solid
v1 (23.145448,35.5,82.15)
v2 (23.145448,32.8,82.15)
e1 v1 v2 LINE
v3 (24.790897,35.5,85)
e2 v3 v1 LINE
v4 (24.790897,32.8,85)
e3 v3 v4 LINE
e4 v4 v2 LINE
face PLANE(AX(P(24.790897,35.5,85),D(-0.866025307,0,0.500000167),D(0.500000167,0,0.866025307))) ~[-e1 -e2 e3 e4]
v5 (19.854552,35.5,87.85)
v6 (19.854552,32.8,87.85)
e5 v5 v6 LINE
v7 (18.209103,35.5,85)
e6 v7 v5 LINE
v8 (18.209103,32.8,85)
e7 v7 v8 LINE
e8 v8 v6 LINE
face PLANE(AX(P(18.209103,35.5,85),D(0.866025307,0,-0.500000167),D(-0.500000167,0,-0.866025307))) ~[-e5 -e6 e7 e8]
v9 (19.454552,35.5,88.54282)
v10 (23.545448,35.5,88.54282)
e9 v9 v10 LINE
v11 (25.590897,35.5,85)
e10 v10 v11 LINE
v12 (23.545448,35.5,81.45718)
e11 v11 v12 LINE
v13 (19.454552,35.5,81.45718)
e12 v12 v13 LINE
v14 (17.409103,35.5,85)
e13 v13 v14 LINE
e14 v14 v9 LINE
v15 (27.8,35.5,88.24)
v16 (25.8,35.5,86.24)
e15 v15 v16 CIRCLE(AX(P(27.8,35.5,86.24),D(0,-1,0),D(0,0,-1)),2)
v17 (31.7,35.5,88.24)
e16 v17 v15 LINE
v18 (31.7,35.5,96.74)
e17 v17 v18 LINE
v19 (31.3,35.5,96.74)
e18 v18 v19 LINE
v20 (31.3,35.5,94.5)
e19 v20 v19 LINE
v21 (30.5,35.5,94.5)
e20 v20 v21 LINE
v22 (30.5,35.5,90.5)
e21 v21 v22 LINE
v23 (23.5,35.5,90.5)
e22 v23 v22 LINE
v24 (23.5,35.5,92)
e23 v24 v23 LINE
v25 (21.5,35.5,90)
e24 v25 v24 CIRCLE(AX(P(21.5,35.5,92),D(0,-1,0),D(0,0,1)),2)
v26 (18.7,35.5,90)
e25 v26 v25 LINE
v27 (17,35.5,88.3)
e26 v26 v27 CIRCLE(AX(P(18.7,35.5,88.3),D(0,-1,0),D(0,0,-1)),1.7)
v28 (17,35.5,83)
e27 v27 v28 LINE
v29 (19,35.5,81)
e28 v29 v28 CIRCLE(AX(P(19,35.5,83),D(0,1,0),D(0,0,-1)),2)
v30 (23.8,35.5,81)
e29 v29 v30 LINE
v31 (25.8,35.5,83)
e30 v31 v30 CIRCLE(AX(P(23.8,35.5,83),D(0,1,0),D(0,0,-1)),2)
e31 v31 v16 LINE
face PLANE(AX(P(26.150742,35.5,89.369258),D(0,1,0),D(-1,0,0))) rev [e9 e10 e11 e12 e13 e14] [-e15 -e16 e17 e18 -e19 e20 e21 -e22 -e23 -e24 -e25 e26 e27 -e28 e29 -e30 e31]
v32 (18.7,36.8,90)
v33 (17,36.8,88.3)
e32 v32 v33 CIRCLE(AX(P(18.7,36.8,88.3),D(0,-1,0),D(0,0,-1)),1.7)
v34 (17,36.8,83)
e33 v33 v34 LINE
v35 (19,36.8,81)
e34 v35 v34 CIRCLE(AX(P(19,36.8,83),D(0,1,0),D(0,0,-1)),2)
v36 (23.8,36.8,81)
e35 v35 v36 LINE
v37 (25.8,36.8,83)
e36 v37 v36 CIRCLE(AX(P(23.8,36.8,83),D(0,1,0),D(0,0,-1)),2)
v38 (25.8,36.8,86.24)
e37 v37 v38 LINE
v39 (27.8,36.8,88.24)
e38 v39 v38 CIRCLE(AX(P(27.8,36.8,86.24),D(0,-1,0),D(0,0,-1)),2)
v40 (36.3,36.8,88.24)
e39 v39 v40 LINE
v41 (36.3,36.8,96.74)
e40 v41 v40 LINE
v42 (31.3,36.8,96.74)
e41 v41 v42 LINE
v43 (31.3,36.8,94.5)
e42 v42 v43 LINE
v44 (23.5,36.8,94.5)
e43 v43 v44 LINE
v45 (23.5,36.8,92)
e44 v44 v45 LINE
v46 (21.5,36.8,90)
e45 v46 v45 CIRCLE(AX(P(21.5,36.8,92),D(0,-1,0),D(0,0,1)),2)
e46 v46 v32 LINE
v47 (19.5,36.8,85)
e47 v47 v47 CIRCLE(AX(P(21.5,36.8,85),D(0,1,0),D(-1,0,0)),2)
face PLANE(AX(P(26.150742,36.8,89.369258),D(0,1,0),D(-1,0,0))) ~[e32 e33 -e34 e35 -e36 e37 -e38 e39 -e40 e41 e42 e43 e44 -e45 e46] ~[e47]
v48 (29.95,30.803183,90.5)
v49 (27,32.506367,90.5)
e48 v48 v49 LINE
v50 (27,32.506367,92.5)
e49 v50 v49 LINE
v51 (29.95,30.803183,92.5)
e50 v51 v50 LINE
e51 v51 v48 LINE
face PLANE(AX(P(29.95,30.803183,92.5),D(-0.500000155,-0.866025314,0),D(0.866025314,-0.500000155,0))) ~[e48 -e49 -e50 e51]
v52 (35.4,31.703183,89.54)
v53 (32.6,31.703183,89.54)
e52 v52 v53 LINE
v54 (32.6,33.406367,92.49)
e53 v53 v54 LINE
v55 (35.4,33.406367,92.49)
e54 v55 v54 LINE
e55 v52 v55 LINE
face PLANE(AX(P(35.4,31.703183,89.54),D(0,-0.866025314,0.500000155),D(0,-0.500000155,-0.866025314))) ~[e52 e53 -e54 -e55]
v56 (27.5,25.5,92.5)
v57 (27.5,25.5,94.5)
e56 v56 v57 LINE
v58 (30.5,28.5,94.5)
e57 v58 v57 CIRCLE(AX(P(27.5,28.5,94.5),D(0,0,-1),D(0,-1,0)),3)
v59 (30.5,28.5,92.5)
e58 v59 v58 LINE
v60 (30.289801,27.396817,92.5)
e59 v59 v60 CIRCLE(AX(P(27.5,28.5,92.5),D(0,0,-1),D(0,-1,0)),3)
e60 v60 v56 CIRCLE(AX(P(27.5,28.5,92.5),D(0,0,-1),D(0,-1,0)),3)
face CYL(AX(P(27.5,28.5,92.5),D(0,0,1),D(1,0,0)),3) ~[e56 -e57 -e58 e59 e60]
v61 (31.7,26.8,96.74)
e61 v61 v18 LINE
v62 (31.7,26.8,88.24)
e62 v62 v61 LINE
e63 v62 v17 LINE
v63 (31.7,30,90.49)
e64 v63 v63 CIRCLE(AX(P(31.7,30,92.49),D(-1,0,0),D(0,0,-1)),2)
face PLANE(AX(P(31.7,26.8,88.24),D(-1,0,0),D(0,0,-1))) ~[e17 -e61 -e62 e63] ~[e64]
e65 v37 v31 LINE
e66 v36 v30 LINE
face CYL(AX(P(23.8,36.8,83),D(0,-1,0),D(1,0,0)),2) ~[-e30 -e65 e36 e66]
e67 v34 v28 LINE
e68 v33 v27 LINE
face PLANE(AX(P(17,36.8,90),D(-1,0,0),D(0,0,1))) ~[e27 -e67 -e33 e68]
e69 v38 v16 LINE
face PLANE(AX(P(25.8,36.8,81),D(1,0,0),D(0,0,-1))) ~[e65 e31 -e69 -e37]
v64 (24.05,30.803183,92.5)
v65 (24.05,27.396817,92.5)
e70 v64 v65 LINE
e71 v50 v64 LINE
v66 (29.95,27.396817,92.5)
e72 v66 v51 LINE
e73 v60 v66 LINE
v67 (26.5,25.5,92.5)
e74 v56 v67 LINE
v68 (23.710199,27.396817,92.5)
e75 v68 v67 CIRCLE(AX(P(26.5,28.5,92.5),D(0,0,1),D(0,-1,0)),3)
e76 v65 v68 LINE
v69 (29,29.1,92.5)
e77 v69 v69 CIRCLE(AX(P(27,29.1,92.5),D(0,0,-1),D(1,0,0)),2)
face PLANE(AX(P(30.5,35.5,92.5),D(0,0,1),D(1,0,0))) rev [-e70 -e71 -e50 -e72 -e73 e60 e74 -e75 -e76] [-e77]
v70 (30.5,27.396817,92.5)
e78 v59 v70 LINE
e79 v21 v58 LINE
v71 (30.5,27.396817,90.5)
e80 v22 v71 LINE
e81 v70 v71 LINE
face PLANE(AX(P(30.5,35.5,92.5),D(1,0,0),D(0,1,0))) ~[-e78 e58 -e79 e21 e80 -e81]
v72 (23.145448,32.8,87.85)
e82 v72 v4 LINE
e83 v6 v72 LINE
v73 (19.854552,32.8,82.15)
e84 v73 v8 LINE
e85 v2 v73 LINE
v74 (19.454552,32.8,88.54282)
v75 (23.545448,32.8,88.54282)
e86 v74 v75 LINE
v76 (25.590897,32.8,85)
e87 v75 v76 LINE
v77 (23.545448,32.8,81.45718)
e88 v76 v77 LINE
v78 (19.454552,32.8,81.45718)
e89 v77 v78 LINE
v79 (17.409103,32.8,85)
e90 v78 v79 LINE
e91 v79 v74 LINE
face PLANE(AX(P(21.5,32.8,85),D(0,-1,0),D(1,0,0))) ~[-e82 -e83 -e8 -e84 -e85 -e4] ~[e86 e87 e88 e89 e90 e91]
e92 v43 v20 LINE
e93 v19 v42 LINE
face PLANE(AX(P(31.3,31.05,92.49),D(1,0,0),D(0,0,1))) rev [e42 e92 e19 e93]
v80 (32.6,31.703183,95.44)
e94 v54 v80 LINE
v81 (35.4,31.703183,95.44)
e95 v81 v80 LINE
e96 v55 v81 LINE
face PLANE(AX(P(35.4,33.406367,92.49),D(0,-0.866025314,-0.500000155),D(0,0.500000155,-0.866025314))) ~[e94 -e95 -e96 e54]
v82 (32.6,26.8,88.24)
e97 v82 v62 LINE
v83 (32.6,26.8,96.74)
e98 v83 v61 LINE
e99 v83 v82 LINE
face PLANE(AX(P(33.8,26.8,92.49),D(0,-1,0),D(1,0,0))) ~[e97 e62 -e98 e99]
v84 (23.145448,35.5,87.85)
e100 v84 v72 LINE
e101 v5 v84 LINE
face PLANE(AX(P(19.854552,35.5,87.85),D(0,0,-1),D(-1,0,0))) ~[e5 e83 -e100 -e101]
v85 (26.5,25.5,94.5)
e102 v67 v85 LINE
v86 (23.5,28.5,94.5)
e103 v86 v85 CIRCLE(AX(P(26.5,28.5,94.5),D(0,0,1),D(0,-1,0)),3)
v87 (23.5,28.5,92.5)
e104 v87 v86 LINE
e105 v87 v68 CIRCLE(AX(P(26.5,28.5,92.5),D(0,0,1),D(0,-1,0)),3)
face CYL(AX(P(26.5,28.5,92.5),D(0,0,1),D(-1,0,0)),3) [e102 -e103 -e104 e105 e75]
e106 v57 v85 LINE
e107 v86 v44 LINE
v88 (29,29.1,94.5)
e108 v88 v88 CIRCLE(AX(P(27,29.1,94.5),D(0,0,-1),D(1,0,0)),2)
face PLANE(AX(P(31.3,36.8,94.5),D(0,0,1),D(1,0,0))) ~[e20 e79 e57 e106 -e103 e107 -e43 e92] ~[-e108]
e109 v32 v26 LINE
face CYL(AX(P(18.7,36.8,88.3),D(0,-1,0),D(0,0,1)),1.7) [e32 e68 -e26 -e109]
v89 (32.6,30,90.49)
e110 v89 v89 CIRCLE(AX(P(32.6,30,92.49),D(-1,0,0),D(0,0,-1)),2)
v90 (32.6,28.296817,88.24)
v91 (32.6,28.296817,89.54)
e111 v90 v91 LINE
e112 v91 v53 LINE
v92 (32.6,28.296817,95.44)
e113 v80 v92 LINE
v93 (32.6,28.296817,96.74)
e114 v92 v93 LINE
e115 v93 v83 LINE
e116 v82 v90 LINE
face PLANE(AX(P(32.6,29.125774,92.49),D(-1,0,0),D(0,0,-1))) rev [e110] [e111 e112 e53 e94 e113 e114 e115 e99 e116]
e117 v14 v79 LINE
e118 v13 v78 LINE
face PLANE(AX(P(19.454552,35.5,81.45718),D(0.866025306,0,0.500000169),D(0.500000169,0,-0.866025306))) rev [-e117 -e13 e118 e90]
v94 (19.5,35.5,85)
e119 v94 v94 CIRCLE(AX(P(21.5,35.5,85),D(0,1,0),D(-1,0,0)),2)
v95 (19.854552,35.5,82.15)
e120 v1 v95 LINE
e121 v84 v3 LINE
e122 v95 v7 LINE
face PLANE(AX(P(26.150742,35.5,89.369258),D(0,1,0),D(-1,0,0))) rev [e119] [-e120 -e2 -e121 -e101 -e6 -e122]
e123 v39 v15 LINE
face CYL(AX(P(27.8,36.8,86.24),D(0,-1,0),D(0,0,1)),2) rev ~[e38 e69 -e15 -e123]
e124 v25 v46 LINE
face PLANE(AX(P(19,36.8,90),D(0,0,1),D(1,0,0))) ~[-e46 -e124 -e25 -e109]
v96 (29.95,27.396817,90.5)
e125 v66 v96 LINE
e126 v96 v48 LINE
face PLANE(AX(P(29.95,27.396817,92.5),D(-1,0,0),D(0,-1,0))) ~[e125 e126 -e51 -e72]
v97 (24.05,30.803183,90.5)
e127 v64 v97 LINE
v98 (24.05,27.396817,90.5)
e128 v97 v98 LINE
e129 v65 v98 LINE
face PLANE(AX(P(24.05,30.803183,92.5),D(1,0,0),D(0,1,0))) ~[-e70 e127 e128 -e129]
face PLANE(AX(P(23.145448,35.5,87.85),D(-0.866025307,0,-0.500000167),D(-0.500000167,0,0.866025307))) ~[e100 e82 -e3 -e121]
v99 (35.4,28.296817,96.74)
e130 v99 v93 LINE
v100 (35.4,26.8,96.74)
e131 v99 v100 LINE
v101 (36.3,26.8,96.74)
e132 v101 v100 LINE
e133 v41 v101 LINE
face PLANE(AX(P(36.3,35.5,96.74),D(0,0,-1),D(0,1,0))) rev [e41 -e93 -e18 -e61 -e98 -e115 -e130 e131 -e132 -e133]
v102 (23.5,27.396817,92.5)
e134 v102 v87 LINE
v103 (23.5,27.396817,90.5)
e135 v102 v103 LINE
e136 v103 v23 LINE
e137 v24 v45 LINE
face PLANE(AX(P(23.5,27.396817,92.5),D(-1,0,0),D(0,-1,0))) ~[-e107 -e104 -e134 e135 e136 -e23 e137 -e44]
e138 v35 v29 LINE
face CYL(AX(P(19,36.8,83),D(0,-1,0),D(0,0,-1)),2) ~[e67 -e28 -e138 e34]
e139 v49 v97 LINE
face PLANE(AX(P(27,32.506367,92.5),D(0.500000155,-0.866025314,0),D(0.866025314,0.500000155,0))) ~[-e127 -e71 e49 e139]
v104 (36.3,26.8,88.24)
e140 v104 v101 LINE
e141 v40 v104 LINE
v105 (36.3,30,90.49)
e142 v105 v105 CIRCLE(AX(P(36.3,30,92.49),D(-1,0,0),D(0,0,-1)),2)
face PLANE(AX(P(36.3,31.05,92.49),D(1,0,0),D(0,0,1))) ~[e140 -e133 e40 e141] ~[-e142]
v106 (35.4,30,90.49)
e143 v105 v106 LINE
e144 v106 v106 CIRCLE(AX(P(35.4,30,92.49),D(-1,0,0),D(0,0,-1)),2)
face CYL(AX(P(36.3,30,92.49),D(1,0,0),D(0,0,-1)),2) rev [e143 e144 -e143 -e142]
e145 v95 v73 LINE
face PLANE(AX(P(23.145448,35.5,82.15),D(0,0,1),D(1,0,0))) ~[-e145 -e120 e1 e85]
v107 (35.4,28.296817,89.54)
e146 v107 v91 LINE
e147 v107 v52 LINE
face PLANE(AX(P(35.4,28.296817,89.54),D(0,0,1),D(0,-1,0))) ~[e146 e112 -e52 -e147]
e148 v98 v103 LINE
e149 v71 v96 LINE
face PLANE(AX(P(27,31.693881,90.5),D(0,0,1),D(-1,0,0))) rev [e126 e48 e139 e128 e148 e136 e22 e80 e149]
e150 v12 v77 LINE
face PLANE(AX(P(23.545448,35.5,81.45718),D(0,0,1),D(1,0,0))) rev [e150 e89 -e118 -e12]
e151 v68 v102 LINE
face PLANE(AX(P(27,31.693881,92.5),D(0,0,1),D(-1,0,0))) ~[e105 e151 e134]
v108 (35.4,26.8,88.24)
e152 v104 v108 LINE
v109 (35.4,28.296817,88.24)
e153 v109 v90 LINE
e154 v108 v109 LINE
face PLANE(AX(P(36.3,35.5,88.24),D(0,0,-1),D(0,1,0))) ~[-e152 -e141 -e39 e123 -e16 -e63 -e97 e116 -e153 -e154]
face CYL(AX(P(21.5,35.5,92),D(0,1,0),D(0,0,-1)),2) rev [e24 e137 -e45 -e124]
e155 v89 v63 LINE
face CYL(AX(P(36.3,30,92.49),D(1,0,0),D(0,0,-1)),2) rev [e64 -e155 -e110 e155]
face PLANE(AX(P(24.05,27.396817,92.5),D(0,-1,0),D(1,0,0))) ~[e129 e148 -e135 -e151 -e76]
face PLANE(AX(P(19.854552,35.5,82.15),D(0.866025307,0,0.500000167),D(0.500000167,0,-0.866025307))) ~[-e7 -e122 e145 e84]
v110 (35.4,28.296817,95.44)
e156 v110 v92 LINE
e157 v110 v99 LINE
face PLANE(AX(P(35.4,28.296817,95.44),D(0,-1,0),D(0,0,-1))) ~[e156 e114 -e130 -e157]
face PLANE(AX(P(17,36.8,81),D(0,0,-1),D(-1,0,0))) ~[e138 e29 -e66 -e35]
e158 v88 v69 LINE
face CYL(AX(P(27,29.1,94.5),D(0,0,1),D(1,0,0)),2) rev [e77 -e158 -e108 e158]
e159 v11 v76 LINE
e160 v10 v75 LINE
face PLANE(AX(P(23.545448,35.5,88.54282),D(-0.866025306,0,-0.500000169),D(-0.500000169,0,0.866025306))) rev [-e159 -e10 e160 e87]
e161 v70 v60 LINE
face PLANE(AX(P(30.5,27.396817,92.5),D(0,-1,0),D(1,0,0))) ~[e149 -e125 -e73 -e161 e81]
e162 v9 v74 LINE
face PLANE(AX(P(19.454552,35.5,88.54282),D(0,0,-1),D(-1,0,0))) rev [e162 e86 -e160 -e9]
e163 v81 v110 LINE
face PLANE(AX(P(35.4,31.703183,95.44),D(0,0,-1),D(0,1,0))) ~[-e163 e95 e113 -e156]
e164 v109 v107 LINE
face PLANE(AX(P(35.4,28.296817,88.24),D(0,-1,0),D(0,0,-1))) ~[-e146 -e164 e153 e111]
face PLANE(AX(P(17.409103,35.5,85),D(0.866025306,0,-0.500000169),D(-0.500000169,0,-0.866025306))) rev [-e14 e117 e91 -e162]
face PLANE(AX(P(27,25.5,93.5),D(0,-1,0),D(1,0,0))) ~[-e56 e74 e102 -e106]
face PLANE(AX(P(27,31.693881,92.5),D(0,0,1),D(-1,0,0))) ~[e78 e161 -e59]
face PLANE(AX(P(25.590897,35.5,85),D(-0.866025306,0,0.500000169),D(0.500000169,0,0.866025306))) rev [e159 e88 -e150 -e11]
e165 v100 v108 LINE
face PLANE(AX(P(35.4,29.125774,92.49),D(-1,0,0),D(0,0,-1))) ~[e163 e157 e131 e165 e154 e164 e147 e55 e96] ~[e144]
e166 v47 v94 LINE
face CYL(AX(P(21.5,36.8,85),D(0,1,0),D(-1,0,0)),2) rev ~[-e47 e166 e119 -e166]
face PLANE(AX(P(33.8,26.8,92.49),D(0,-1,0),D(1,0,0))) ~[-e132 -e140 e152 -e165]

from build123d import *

# Parameters (mm, degrees)
SKETCH037_R     = 2
PAD022_DEPTH    = 1.3
PAD023_DEPTH    = 2.7
SKETCH039_W     = 7
SKETCH039_H     = 2
PAD024_DEPTH    = 10
SKETCH040_R     = 2
POCKET010_DEPTH = 2
SKETCH041_W     = 8.5
SKETCH041_H     = 8.9
SKETCH041_R     = 2
PAD025_DEPTH    = 5
POCKET011_START = -0.9
POCKET011_DEPTH = 2.8
SKETCH043_W     = 4.5
SKETCH043_H     = 4.5
POCKET012_DEPTH = 1.301
FILLET005_R     = 2
FILLET006_R     = 1.7
FILLET007_R     = 3
SKETCH052_W     = 5
SKETCH052_H     = 8.5
POCKET017_DEPTH = 0.2
SKETCH053_W     = 0.4
SKETCH053_H     = 8.5
POCKET018_DEPTH = 8.7
PAD031_DEPTH    = 2


with BuildPart() as f_3dp_angle_bracket_top:
    # Sketch037 → Pad022 (new body)
    with BuildSketch(Plane.XZ):
        Polygon((4.5, -4), (-4.3, -4), (-4.3, 3.24), (-14.8, 3.24), (-14.8, 7.49), (-14.8, 11.74), (-9.8, 11.74), (-9.8, 9.5), (2.5, 9.5), (2.5, 5), (4.5, 5), align=None)
        Circle(SKETCH037_R, mode=Mode.SUBTRACT)
    extrude(amount=PAD022_DEPTH)

    # Sketch038 (on Face14 of Pad022) → Pad023 (join)
    with BuildSketch(Plane.XZ.offset(1.3)):
        Polygon((-4.090897, 0), (-2.045448, -3.54282), (2.045448, -3.54282), (4.090897, 0), (2.045448, 3.54282), (-2.045448, 3.54282), align=None)
        Polygon((-3.290897, 0), (-1.645448, -2.85), (1.645448, -2.85), (3.290897, 0), (1.645448, 2.85), (-1.645448, 2.85), align=None, mode=Mode.SUBTRACT)
    extrude(amount=PAD023_DEPTH)

    # Sketch039 (on Face5 of Pad023) → Pad024 (join)
    with BuildSketch(Plane.XZ.offset(1.3)):
        with Locations((-5.5, 8.5)):
            Rectangle(SKETCH039_W, SKETCH039_H)
    extrude(amount=PAD024_DEPTH)

    # Sketch040 (on Face24 of Pad024) → Pocket010 (cut)
    with BuildSketch(Plane(origin=(0, 0, 9.5), x_dir=(-1, 0, 0), z_dir=(0, 0, 1))):
        with Locations((5.5, 7.7)):
            Circle(SKETCH040_R)
    extrude(amount=-POCKET010_DEPTH, mode=Mode.SUBTRACT)

    # Sketch041 (on Face6 of Pocket010) → Pad025 (join)
    with BuildSketch(Plane(origin=(-14.8, 0, 0), x_dir=(0, 0, -1), z_dir=(-1, 0, 0))):
        with Locations((-7.49, 5.75)):
            Rectangle(SKETCH041_W, SKETCH041_H)
        with Locations((-7.49, 6.8)):
            Circle(SKETCH041_R, mode=Mode.SUBTRACT)
    extrude(amount=-PAD025_DEPTH)

    # Sketch042 (on Face7 of Pad025) → Pocket011 (cut)
    with BuildSketch(Plane(origin=(-14.8, 0, 0), x_dir=(0, 0, -1), z_dir=(-1, 0, 0)).offset(POCKET011_START)):
        Polygon((-10.44, 8.503183), (-11.74, 8.503183), (-11.74, 10.2), (-3.24, 10.2), (-3.24, 8.503183), (-4.54, 8.503183), (-4.54, 5.096817), (-7.49, 3.393633), (-10.44, 5.096817), align=None)
    extrude(amount=-POCKET011_DEPTH, mode=Mode.SUBTRACT)

    # Sketch043 (on Face24 of Pocket011) → Pocket012 (cut, through all)
    with BuildSketch(Plane.XZ.offset(1.3)):
        with Locations((0.25, 7.25)):
            Rectangle(SKETCH043_W, SKETCH043_H)
    extrude(amount=-POCKET012_DEPTH, mode=Mode.SUBTRACT)

    # Fillet005
    fillet005_edges = [f_3dp_angle_bracket_top.edges().sort_by_distance(p)[0] for p in [
        (-2, -0.65, 5),
        (4.5, -0.65, -4),
        (-4.3, -0.65, -4),
        (-4.3, -0.65, 3.24),
    ]]
    fillet(fillet005_edges, radius=FILLET005_R)

    # Fillet006
    fillet006_edges = [f_3dp_angle_bracket_top.edges().sort_by_distance(p)[0] for p in [
        (4.5, -0.65, 5),
    ]]
    fillet(fillet006_edges, radius=FILLET006_R)

    # Fillet007
    fillet007_edges = [f_3dp_angle_bracket_top.edges().sort_by_distance(p)[0] for p in [
        (-9, -11.3, 8.5),
        (-2, -11.3, 8.5),
    ]]
    fillet(fillet007_edges, radius=FILLET007_R)

    # Sketch052 (on Face43 of Fillet007) → Pocket017 (cut)
    with BuildSketch(Plane.XZ.offset(10.2)):
        with Locations((-12.3, 7.49)):
            Rectangle(SKETCH052_W, SKETCH052_H)
    extrude(amount=-POCKET017_DEPTH, mode=Mode.SUBTRACT)

    # Sketch053 (on Face37 of Pocket017) → Pocket018 (cut)
    with BuildSketch(Plane.XZ.offset(10)):
        with Locations((-10, 7.49)):
            Rectangle(SKETCH053_W, SKETCH053_H)
    extrude(amount=-POCKET018_DEPTH, mode=Mode.SUBTRACT)

    # Sketch055 (on Face2 of Pocket018) → Pad031 (join)
    with BuildSketch(Plane(origin=(0, 0, 7.5), x_dir=(1, 0, 0), z_dir=(0, 0, -1))):
        Polygon((-8.45, 9.403183), (-8.45, 5.996817), (-5.5, 4.293633), (-2.55, 5.996817), (-2.55, 9.403183), (-2, 9.403183), (-2, 1.3), (-9, 1.3), (-9, 9.403183), align=None)
    extrude(amount=PAD031_DEPTH)


with BuildPart() as f_3dp_angle_bracket_top_1:
    # Body024 placement: moved
    add(f_3dp_angle_bracket_top.part.moved(Location((-21.5, 36.8, 85))))


with BuildPart() as part_mirroring001:
    # Part__Mirroring001: instance of 3DP_Angle_bracket_Top
    add(f_3dp_angle_bracket_top_1.part.mirror(Plane(origin=(0, 0, 0), x_dir=(0, -1, 0), z_dir=(1, 0, 0))))


solid = part_mirroring001.part
